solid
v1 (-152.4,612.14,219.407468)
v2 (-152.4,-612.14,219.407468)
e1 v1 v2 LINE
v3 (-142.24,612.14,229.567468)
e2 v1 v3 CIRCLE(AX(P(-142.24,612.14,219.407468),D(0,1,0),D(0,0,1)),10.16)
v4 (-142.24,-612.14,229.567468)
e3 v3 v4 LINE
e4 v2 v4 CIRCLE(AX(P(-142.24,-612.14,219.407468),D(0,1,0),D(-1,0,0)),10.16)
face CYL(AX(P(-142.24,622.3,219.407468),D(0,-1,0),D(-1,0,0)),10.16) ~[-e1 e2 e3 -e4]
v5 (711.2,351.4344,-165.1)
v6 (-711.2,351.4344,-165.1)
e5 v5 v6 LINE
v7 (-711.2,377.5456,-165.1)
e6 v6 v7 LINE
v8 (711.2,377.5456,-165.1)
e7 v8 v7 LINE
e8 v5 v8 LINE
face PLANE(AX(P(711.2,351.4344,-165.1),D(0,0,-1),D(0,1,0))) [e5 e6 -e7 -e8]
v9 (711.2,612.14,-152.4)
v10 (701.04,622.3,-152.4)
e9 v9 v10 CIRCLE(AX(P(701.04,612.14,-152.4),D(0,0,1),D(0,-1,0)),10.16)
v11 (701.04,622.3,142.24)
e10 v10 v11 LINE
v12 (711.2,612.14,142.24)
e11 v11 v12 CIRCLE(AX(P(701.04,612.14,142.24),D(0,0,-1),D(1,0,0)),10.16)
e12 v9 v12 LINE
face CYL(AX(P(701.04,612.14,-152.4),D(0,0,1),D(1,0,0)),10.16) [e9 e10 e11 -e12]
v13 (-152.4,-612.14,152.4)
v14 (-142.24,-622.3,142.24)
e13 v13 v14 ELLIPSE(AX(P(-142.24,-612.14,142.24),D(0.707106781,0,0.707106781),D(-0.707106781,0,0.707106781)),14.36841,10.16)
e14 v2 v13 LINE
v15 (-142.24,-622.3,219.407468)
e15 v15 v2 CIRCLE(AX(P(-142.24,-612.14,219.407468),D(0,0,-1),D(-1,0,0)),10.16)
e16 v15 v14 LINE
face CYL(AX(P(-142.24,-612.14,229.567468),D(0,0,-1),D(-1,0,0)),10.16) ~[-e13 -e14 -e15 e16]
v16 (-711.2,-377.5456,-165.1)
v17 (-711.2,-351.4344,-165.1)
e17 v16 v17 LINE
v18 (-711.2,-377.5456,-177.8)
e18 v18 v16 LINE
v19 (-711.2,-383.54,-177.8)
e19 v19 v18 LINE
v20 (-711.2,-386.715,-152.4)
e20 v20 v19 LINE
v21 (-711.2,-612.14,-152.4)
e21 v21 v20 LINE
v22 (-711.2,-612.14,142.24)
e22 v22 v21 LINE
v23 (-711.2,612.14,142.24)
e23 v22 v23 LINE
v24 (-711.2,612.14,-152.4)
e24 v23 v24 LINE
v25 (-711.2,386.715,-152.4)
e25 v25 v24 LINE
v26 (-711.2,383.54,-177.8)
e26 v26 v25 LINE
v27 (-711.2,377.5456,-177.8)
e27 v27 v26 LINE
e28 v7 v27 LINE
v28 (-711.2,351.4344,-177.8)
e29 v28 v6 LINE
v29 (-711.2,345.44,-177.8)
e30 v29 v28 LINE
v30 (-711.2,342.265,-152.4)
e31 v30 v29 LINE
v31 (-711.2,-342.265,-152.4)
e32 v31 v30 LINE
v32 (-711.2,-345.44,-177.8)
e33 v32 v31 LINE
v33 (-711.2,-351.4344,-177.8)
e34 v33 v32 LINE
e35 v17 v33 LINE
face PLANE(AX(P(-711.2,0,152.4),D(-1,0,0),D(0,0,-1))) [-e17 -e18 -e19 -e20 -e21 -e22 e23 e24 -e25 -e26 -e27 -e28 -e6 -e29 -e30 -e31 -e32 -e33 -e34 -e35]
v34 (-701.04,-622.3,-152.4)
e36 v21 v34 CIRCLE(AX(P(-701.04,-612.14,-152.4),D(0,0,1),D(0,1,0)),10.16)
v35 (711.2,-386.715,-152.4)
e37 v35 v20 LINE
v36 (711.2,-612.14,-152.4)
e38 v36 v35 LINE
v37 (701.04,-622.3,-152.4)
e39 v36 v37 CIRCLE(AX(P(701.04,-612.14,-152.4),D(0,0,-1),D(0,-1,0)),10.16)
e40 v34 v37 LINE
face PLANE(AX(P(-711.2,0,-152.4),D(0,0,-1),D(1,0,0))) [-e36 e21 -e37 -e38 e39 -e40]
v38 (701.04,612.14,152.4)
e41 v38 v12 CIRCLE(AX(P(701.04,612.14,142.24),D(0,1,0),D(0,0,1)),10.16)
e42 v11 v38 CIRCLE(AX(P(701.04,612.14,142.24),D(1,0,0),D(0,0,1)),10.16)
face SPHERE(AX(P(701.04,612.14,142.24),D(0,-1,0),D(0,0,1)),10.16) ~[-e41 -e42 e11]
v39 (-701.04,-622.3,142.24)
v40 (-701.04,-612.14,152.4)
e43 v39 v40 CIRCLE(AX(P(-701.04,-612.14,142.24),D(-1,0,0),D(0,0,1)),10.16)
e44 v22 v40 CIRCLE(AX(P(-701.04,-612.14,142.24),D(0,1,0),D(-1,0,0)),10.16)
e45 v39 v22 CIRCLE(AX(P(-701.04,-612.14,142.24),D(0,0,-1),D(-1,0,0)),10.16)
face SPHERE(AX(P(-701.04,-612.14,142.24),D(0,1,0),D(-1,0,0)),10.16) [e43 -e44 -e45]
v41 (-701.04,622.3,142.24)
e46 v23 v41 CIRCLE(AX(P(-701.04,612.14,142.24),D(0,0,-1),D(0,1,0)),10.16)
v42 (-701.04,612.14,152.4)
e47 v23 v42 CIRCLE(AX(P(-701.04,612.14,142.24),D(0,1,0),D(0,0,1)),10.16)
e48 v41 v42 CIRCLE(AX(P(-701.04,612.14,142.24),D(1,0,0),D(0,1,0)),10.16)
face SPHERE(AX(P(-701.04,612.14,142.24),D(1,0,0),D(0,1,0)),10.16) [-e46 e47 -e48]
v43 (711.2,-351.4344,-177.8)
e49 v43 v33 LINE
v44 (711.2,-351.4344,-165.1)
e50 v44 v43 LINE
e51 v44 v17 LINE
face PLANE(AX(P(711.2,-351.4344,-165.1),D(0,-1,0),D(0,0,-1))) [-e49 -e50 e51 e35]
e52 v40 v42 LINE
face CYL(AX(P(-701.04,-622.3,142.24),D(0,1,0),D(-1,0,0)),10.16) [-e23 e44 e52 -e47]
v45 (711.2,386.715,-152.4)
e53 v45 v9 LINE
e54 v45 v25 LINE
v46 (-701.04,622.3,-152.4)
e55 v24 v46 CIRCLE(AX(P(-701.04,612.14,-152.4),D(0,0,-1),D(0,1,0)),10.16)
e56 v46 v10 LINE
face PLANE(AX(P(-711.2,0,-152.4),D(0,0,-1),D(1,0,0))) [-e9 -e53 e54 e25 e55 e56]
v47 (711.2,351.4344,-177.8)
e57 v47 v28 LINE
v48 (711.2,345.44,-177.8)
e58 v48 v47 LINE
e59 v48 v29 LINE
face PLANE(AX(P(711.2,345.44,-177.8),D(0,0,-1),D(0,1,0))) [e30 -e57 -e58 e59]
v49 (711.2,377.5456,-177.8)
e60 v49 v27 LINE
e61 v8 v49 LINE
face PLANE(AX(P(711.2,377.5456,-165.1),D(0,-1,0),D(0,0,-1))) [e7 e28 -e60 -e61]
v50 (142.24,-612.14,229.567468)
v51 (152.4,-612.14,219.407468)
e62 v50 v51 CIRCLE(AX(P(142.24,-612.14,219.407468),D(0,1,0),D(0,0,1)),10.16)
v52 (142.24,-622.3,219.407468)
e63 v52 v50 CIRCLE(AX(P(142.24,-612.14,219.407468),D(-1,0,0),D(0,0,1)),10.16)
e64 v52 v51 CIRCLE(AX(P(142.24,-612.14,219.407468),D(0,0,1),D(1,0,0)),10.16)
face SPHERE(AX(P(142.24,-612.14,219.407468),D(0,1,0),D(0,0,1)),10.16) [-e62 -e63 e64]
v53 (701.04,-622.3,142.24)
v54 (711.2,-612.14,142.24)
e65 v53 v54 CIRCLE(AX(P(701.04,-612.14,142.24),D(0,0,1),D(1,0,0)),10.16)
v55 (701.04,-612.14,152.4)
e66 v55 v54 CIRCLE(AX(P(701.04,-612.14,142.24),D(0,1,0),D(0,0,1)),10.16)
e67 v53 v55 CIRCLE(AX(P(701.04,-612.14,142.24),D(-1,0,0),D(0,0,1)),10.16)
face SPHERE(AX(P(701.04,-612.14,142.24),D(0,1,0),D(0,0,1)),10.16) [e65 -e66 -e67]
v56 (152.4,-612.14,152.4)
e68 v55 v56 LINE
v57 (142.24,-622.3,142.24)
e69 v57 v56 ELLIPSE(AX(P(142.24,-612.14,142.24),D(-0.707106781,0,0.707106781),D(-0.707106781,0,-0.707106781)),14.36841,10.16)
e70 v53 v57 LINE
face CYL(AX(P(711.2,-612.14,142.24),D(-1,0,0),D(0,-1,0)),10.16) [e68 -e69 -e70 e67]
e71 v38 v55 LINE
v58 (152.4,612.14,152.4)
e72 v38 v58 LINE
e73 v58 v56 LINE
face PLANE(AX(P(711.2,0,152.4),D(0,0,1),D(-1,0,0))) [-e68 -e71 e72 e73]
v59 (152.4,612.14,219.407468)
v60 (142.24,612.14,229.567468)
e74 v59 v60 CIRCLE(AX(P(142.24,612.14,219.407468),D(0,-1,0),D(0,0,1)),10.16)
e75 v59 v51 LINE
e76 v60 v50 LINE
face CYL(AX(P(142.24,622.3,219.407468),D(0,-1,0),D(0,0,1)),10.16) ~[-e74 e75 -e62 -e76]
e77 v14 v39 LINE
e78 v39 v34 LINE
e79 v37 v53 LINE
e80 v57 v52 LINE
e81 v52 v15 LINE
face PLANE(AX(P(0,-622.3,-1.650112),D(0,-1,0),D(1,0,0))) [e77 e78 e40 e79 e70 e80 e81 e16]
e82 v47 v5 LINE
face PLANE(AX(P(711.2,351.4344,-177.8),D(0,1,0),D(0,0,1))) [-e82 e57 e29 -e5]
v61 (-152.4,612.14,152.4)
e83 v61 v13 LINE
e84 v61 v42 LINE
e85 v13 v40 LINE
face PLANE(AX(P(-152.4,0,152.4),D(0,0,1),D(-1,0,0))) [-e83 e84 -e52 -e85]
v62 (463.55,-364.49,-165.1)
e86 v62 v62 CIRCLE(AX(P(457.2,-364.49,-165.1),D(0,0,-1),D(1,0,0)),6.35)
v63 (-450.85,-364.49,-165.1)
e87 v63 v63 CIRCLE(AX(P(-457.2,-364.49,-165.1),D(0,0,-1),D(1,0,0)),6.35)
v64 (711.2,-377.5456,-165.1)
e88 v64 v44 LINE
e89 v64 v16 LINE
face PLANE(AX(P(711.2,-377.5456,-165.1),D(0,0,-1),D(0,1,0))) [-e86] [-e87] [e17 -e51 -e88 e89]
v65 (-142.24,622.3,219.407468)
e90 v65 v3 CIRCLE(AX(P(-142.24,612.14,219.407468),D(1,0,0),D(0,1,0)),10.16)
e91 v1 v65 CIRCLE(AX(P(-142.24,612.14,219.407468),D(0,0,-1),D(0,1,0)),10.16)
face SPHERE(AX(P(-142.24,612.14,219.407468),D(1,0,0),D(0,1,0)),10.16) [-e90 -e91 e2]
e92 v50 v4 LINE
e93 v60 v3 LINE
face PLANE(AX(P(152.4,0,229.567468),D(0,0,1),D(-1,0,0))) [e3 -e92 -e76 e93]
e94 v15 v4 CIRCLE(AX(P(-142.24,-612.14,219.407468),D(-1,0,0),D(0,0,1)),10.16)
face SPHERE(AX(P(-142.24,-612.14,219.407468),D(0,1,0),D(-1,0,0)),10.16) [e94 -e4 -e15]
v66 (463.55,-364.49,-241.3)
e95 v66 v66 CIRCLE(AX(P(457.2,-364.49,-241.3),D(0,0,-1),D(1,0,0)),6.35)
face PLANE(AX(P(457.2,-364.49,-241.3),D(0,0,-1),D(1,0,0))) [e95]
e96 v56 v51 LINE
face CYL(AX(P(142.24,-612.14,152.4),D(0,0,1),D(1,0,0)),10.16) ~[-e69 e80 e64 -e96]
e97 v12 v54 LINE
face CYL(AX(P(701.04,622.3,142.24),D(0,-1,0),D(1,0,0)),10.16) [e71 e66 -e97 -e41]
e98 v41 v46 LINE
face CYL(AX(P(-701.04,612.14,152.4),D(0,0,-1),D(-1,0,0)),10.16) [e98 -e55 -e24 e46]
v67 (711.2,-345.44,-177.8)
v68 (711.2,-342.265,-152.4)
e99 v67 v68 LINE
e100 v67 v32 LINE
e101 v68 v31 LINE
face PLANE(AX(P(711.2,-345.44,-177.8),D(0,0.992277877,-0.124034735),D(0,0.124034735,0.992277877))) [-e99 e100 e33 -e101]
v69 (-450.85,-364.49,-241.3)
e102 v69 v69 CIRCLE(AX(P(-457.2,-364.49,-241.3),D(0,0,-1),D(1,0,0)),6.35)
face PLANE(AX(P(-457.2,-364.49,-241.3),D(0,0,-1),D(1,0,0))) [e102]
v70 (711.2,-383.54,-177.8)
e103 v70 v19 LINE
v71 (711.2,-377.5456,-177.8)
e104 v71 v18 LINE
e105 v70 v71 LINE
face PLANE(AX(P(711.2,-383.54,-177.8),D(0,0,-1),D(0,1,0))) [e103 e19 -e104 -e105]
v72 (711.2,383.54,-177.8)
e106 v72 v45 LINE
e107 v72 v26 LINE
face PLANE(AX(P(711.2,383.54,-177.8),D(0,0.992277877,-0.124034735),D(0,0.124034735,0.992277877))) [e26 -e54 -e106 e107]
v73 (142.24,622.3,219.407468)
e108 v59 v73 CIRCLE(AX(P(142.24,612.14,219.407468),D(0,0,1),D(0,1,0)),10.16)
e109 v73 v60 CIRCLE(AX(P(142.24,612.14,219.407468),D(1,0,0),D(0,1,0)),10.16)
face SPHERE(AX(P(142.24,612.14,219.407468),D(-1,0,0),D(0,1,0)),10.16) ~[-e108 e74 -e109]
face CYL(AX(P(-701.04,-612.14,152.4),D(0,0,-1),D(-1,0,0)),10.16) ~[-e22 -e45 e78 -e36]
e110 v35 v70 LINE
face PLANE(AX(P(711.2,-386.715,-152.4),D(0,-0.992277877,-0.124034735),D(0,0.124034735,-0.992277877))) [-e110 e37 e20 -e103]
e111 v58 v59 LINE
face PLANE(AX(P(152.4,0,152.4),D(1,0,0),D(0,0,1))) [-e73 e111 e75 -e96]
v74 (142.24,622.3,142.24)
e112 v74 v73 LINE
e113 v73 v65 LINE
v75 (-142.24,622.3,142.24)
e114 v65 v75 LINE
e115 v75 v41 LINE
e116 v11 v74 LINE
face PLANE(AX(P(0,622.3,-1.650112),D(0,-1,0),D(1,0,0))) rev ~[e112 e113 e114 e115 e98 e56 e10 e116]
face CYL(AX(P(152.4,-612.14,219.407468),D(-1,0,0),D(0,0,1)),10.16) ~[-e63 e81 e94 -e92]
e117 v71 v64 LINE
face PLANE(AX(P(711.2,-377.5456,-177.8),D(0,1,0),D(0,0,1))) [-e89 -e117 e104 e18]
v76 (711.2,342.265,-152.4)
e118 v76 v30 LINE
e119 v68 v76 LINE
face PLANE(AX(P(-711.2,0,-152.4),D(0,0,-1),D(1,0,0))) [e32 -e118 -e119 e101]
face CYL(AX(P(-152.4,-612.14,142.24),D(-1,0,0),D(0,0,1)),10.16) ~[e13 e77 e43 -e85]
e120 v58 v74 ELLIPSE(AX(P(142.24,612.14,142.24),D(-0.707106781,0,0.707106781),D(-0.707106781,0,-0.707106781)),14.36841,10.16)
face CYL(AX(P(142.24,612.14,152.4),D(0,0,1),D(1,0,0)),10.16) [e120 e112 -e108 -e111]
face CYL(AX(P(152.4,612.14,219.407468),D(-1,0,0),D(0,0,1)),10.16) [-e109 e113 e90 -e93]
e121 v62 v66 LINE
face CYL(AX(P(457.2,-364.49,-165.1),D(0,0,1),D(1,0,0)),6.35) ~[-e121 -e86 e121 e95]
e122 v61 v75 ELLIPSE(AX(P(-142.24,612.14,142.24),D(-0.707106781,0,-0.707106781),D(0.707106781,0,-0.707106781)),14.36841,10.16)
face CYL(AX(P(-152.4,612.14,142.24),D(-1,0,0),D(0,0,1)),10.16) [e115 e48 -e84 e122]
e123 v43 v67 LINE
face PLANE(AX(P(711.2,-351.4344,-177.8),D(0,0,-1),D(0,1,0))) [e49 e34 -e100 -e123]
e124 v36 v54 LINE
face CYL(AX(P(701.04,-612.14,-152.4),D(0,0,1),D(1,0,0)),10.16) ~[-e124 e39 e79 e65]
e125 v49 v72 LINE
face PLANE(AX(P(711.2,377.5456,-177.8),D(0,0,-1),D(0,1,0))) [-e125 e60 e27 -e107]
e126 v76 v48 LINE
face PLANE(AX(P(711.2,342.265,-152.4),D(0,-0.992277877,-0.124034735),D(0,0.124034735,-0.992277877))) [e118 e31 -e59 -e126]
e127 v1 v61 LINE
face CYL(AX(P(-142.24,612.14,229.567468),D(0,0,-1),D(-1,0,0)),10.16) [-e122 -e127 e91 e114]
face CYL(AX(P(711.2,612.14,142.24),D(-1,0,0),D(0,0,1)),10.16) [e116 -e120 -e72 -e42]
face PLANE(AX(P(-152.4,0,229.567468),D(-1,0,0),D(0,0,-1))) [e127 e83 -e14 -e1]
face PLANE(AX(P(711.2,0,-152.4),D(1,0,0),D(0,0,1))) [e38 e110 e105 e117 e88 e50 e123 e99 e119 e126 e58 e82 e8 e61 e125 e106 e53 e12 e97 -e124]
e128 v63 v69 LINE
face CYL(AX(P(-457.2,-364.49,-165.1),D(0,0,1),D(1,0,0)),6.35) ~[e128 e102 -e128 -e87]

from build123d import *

# Parameters (mm, degrees)
F1_DEPTH = 622.3
F2_R     = 10.16
F4_DEPTH = 1422.4
F5_R     = 6.35
F6_DEPTH = 76.2


with BuildPart() as f1:
    # F0 (on Front) → F1 (new body, symmetric)
    with BuildSketch(Plane.XZ):
        Polygon((711.2, -152.4), (711.2, 152.4), (152.4, 152.4), (152.4, 75.2325318336), (-152.4, 75.2325318336), (-152.4, 152.4), (-711.2, 152.4), (-711.2, -152.4), align=None)
        Polygon((152.4, 75.2325318336), (152.4, 152.4), (152.4, 229.5674681664), (-152.4, 229.5674681664), (-152.4, 152.4), (-152.4, 75.2325318336), align=None)
    extrude(amount=F1_DEPTH, both=True)

    # F2
    f2_edges = [f1.edges().sort_by_distance(p)[0] for p in [
        (711.2, 0, 152.4),
        (431.8, -622.3, 152.4),
        (711.2, -622.3, 0),
        (431.8, 622.3, 152.4),
        (711.2, 622.3, 0),
        (0, 622.3, 229.567468),
        (152.4, 622.3, 190.983734),
        (152.4, 0, 229.567468),
        (-152.4, 622.3, 190.983734),
        (-152.4, 0, 229.567468),
        (-431.8, 622.3, 152.4),
        (-711.2, 622.3, 0),
        (-711.2, 0, 152.4),
        (-711.2, -622.3, 0),
        (-431.8, -622.3, 152.4),
        (-152.4, -622.3, 190.983734),
        (0, -622.3, 229.567468),
        (152.4, -622.3, 190.983734),
    ]]
    fillet(f2_edges, radius=F2_R)

    # F3 (on face) → F4 (join)
    with BuildSketch(Plane.YZ.offset(711.2)):
        Polygon((-342.265, -152.4), (-386.715, -152.4), (-383.54, -177.8), (-377.5456, -177.8), (-377.5456, -165.1), (-351.4344, -165.1), (-351.4344, -177.8), (-345.44, -177.8), align=None)
        Polygon((386.715, -152.3999997139), (342.265, -152.3999997139), (345.44, -177.7999997139), (351.4344, -177.7999997139), (351.4344, -165.0999997139), (377.5456, -165.0999997139), (377.5456, -177.7999997139), (383.54, -177.7999997139), align=None)
    extrude(amount=-F4_DEPTH)

    # F5 (on face) → F6 (join)
    with BuildSketch(Plane(origin=(0, 0, -165.1), x_dir=(1, 0, 0), z_dir=(0, 0, -1))):
        with Locations((457.2, 364.49)):
            Circle(F5_R)
        with Locations((-457.2, 364.49)):
            Circle(F5_R)
    extrude(amount=F6_DEPTH)


solid = f1.part
